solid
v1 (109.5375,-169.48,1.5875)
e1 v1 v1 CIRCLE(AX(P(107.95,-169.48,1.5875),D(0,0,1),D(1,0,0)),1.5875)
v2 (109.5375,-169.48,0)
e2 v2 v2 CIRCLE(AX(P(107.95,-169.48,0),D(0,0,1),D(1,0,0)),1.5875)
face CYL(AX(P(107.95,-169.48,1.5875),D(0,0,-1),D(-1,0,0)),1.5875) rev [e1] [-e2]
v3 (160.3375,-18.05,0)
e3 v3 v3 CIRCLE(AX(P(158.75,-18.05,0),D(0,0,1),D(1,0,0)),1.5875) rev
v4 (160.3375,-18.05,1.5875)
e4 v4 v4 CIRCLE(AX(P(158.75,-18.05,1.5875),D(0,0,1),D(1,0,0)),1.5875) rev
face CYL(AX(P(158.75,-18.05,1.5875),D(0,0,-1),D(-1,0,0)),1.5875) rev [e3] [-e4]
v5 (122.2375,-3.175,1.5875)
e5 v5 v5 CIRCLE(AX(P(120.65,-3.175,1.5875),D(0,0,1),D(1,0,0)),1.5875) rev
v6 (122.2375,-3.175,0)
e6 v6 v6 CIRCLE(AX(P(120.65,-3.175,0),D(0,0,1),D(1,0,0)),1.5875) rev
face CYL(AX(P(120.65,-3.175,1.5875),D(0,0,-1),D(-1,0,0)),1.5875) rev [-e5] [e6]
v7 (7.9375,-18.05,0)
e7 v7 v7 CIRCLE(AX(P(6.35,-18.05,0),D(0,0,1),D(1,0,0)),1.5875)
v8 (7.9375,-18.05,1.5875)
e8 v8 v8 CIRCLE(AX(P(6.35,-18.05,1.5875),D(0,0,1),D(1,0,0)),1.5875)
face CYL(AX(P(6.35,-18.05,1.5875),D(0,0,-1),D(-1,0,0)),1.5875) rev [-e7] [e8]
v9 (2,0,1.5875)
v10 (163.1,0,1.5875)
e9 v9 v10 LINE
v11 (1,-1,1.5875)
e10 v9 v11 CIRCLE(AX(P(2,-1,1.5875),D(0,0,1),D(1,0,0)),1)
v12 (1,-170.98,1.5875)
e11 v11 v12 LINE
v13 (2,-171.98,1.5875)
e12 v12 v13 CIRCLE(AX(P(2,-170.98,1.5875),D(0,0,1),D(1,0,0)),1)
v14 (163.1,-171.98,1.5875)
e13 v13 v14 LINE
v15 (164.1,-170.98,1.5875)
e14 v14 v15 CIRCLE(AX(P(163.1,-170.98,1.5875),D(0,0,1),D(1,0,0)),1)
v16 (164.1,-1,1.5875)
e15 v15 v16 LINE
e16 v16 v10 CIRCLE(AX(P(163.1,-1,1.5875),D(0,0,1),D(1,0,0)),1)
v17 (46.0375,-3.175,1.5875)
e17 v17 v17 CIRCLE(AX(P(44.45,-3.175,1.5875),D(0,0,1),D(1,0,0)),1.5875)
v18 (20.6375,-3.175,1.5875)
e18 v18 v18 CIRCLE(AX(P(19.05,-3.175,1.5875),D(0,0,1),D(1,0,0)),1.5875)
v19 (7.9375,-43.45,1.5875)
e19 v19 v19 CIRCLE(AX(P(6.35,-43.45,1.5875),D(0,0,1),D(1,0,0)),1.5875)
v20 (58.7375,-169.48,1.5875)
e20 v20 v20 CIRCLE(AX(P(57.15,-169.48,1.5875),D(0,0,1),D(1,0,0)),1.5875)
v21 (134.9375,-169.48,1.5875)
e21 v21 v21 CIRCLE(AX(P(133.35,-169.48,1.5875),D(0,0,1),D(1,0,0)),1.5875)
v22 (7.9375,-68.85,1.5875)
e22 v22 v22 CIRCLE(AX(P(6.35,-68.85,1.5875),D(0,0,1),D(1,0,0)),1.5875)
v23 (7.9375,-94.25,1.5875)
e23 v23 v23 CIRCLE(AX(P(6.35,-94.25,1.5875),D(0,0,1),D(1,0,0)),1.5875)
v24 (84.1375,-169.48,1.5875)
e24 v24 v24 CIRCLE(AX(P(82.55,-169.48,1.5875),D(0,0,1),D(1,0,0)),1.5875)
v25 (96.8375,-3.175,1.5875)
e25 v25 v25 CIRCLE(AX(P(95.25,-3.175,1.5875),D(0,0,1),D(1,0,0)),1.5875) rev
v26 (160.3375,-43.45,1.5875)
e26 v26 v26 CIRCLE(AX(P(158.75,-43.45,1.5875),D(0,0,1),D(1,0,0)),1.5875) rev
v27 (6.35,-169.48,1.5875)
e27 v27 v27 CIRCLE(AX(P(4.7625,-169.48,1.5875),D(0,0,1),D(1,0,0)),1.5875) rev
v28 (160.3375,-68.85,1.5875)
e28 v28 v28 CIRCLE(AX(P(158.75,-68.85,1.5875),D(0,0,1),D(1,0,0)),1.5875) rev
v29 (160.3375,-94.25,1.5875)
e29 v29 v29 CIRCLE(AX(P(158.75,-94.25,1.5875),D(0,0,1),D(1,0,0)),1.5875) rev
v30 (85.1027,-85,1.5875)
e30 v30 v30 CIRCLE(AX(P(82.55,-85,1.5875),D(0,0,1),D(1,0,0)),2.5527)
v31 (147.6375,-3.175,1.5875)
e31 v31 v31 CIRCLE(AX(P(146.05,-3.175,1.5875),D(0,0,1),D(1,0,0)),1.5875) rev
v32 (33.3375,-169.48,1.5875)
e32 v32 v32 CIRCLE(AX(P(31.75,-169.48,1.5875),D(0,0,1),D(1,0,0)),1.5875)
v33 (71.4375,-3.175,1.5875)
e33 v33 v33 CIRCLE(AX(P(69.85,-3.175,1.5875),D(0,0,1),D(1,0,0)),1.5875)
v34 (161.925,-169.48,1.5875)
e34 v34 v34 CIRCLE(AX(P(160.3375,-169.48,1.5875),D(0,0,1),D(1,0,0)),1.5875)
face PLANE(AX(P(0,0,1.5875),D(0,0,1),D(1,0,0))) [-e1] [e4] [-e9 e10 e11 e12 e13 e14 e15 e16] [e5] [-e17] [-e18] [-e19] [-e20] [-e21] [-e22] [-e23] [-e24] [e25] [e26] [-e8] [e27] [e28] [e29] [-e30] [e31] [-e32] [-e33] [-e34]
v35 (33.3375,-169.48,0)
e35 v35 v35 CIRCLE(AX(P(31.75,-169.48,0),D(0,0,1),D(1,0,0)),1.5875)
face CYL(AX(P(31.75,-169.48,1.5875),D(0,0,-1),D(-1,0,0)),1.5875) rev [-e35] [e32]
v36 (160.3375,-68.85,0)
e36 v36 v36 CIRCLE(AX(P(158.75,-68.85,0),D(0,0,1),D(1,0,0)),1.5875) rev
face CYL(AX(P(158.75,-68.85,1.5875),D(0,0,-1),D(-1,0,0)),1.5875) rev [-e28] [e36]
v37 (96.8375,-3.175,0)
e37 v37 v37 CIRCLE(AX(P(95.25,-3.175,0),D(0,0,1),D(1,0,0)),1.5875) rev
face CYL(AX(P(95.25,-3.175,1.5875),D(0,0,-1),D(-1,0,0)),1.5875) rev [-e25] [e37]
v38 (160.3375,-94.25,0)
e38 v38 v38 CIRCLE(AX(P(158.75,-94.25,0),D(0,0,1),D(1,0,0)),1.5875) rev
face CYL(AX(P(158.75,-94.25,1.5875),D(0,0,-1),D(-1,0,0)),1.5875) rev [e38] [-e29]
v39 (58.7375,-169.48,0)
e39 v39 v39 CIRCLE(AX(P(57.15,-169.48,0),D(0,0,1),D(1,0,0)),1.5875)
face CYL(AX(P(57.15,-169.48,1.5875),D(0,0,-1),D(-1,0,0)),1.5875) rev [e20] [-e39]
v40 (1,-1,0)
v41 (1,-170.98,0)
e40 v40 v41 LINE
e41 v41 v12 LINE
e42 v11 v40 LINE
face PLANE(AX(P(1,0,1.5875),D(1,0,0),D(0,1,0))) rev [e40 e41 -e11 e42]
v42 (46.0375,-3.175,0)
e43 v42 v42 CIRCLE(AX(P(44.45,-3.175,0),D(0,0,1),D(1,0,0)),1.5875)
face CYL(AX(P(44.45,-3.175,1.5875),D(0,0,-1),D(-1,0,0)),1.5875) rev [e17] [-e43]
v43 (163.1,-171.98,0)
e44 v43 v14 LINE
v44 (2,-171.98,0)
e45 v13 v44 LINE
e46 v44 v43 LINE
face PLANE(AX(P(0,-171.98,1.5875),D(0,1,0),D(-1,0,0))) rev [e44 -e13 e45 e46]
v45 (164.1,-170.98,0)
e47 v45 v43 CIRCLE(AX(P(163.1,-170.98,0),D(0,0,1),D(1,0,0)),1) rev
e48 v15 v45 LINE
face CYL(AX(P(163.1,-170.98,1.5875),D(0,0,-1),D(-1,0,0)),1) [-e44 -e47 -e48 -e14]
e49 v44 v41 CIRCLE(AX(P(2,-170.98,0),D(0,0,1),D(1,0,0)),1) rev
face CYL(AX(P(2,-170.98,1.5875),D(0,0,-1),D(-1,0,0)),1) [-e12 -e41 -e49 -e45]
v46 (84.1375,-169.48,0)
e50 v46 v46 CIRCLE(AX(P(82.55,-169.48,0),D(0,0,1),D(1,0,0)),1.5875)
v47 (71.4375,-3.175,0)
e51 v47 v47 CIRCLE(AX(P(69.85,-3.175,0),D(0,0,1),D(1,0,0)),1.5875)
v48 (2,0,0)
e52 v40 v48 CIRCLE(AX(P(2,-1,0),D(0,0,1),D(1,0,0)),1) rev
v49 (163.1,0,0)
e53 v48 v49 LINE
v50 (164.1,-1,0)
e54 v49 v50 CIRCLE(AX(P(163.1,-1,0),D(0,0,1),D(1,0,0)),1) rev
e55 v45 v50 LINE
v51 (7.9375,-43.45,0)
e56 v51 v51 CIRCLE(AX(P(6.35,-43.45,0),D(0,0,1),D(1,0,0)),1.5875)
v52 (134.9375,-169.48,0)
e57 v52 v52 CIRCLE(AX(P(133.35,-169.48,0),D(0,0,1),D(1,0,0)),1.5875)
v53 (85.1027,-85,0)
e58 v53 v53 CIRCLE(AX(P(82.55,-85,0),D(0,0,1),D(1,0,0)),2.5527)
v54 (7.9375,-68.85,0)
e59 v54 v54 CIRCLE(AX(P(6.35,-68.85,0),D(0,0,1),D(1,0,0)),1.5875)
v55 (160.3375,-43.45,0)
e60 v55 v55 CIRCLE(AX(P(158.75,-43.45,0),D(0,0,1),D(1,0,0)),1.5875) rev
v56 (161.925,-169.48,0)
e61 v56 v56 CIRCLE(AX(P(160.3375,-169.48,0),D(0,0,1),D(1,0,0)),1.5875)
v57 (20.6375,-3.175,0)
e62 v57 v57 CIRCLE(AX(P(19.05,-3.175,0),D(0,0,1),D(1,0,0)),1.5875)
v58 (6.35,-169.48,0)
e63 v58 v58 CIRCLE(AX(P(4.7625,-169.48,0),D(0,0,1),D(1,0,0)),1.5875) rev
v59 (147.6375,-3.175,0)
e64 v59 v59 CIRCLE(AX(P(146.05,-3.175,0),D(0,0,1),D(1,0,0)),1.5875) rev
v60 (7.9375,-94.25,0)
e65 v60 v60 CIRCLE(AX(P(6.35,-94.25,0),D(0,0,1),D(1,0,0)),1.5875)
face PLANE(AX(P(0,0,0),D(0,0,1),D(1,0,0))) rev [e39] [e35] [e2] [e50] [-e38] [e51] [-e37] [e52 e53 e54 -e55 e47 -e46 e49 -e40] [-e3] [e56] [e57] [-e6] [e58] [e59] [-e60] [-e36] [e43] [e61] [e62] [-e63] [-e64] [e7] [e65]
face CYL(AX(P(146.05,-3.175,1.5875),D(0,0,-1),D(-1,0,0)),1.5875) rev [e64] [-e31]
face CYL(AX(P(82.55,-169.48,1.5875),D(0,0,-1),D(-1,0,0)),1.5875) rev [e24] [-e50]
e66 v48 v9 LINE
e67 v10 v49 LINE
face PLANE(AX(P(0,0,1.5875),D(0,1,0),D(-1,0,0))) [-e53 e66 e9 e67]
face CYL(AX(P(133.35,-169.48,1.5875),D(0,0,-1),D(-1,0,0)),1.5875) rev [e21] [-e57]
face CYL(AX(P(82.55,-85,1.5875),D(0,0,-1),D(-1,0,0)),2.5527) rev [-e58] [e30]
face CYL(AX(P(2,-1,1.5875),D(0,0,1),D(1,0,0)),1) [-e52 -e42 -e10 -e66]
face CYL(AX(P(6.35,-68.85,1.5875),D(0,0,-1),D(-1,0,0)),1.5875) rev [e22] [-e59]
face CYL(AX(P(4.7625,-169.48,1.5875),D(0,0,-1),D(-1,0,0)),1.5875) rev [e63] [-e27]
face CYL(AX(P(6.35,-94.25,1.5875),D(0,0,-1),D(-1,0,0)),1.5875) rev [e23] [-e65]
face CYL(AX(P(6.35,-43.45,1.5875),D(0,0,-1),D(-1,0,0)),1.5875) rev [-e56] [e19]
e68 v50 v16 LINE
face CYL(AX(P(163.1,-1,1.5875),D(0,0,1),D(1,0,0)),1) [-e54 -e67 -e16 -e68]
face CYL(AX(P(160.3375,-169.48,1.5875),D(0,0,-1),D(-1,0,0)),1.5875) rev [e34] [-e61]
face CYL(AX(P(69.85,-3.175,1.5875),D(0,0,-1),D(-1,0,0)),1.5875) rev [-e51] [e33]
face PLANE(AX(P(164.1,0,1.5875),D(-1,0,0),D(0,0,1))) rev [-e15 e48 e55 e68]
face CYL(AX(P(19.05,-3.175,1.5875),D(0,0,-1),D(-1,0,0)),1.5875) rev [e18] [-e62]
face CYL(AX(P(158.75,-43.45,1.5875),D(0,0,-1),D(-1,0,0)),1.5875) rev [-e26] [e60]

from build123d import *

# Parameters (mm, degrees)
SKETCH2_W           = 163.1
SKETCH2_H           = 171.98
SKETCH2_R           = 2.5527
SKETCH2_R_2         = 1.5875
BOSS_EXTRUDE2_DEPTH = 1.5875
FILLET1_R           = 1


with BuildPart() as part:
    # Sketch2 → Boss-Extrude2 (new body)
    with BuildSketch(Plane.XY):
        with Locations((82.55, -85.99)):
            Rectangle(SKETCH2_W, SKETCH2_H)
        with Locations((82.55, -85)):
            Circle(SKETCH2_R, mode=Mode.SUBTRACT)
        with Locations((82.55, -169.48)):
            Circle(SKETCH2_R_2, mode=Mode.SUBTRACT)
        with Locations((4.7625, -169.48)):
            Circle(SKETCH2_R_2, mode=Mode.SUBTRACT)
        with Locations((31.75, -169.48)):
            Circle(SKETCH2_R_2, mode=Mode.SUBTRACT)
        with Locations((57.15, -169.48)):
            Circle(SKETCH2_R_2, mode=Mode.SUBTRACT)
        with Locations((6.35, -94.25)):
            Circle(SKETCH2_R_2, mode=Mode.SUBTRACT)
        with Locations((6.35, -68.85)):
            Circle(SKETCH2_R_2, mode=Mode.SUBTRACT)
        with Locations((6.35, -43.45)):
            Circle(SKETCH2_R_2, mode=Mode.SUBTRACT)
        with Locations((6.35, -18.05)):
            Circle(SKETCH2_R_2, mode=Mode.SUBTRACT)
        with Locations((19.05, -3.175)):
            Circle(SKETCH2_R_2, mode=Mode.SUBTRACT)
        with Locations((44.45, -3.175)):
            Circle(SKETCH2_R_2, mode=Mode.SUBTRACT)
        with Locations((69.85, -3.175)):
            Circle(SKETCH2_R_2, mode=Mode.SUBTRACT)
        with Locations((158.75, -43.45)):
            Circle(SKETCH2_R_2, mode=Mode.SUBTRACT)
        with Locations((158.75, -18.05)):
            Circle(SKETCH2_R_2, mode=Mode.SUBTRACT)
        with Locations((146.05, -3.175)):
            Circle(SKETCH2_R_2, mode=Mode.SUBTRACT)
        with Locations((107.95, -169.48)):
            Circle(SKETCH2_R_2, mode=Mode.SUBTRACT)
        with Locations((133.35, -169.48)):
            Circle(SKETCH2_R_2, mode=Mode.SUBTRACT)
        with Locations((160.3375, -169.48)):
            Circle(SKETCH2_R_2, mode=Mode.SUBTRACT)
        with Locations((158.75, -94.25)):
            Circle(SKETCH2_R_2, mode=Mode.SUBTRACT)
        with Locations((158.75, -68.85)):
            Circle(SKETCH2_R_2, mode=Mode.SUBTRACT)
        with Locations((95.25, -3.175)):
            Circle(SKETCH2_R_2, mode=Mode.SUBTRACT)
        with Locations((120.65, -3.175)):
            Circle(SKETCH2_R_2, mode=Mode.SUBTRACT)
    extrude(amount=BOSS_EXTRUDE2_DEPTH)

    # Fillet1
    fillet1_edges = [part.edges().sort_by_distance(p)[0] for p in [
        (1, -171.98, 0.79375),
        (1, 0, 0.79375),
        (164.1, 0, 0.79375),
        (164.1, -171.98, 0.79375),
    ]]
    fillet(fillet1_edges, radius=FILLET1_R)


solid = part.part
